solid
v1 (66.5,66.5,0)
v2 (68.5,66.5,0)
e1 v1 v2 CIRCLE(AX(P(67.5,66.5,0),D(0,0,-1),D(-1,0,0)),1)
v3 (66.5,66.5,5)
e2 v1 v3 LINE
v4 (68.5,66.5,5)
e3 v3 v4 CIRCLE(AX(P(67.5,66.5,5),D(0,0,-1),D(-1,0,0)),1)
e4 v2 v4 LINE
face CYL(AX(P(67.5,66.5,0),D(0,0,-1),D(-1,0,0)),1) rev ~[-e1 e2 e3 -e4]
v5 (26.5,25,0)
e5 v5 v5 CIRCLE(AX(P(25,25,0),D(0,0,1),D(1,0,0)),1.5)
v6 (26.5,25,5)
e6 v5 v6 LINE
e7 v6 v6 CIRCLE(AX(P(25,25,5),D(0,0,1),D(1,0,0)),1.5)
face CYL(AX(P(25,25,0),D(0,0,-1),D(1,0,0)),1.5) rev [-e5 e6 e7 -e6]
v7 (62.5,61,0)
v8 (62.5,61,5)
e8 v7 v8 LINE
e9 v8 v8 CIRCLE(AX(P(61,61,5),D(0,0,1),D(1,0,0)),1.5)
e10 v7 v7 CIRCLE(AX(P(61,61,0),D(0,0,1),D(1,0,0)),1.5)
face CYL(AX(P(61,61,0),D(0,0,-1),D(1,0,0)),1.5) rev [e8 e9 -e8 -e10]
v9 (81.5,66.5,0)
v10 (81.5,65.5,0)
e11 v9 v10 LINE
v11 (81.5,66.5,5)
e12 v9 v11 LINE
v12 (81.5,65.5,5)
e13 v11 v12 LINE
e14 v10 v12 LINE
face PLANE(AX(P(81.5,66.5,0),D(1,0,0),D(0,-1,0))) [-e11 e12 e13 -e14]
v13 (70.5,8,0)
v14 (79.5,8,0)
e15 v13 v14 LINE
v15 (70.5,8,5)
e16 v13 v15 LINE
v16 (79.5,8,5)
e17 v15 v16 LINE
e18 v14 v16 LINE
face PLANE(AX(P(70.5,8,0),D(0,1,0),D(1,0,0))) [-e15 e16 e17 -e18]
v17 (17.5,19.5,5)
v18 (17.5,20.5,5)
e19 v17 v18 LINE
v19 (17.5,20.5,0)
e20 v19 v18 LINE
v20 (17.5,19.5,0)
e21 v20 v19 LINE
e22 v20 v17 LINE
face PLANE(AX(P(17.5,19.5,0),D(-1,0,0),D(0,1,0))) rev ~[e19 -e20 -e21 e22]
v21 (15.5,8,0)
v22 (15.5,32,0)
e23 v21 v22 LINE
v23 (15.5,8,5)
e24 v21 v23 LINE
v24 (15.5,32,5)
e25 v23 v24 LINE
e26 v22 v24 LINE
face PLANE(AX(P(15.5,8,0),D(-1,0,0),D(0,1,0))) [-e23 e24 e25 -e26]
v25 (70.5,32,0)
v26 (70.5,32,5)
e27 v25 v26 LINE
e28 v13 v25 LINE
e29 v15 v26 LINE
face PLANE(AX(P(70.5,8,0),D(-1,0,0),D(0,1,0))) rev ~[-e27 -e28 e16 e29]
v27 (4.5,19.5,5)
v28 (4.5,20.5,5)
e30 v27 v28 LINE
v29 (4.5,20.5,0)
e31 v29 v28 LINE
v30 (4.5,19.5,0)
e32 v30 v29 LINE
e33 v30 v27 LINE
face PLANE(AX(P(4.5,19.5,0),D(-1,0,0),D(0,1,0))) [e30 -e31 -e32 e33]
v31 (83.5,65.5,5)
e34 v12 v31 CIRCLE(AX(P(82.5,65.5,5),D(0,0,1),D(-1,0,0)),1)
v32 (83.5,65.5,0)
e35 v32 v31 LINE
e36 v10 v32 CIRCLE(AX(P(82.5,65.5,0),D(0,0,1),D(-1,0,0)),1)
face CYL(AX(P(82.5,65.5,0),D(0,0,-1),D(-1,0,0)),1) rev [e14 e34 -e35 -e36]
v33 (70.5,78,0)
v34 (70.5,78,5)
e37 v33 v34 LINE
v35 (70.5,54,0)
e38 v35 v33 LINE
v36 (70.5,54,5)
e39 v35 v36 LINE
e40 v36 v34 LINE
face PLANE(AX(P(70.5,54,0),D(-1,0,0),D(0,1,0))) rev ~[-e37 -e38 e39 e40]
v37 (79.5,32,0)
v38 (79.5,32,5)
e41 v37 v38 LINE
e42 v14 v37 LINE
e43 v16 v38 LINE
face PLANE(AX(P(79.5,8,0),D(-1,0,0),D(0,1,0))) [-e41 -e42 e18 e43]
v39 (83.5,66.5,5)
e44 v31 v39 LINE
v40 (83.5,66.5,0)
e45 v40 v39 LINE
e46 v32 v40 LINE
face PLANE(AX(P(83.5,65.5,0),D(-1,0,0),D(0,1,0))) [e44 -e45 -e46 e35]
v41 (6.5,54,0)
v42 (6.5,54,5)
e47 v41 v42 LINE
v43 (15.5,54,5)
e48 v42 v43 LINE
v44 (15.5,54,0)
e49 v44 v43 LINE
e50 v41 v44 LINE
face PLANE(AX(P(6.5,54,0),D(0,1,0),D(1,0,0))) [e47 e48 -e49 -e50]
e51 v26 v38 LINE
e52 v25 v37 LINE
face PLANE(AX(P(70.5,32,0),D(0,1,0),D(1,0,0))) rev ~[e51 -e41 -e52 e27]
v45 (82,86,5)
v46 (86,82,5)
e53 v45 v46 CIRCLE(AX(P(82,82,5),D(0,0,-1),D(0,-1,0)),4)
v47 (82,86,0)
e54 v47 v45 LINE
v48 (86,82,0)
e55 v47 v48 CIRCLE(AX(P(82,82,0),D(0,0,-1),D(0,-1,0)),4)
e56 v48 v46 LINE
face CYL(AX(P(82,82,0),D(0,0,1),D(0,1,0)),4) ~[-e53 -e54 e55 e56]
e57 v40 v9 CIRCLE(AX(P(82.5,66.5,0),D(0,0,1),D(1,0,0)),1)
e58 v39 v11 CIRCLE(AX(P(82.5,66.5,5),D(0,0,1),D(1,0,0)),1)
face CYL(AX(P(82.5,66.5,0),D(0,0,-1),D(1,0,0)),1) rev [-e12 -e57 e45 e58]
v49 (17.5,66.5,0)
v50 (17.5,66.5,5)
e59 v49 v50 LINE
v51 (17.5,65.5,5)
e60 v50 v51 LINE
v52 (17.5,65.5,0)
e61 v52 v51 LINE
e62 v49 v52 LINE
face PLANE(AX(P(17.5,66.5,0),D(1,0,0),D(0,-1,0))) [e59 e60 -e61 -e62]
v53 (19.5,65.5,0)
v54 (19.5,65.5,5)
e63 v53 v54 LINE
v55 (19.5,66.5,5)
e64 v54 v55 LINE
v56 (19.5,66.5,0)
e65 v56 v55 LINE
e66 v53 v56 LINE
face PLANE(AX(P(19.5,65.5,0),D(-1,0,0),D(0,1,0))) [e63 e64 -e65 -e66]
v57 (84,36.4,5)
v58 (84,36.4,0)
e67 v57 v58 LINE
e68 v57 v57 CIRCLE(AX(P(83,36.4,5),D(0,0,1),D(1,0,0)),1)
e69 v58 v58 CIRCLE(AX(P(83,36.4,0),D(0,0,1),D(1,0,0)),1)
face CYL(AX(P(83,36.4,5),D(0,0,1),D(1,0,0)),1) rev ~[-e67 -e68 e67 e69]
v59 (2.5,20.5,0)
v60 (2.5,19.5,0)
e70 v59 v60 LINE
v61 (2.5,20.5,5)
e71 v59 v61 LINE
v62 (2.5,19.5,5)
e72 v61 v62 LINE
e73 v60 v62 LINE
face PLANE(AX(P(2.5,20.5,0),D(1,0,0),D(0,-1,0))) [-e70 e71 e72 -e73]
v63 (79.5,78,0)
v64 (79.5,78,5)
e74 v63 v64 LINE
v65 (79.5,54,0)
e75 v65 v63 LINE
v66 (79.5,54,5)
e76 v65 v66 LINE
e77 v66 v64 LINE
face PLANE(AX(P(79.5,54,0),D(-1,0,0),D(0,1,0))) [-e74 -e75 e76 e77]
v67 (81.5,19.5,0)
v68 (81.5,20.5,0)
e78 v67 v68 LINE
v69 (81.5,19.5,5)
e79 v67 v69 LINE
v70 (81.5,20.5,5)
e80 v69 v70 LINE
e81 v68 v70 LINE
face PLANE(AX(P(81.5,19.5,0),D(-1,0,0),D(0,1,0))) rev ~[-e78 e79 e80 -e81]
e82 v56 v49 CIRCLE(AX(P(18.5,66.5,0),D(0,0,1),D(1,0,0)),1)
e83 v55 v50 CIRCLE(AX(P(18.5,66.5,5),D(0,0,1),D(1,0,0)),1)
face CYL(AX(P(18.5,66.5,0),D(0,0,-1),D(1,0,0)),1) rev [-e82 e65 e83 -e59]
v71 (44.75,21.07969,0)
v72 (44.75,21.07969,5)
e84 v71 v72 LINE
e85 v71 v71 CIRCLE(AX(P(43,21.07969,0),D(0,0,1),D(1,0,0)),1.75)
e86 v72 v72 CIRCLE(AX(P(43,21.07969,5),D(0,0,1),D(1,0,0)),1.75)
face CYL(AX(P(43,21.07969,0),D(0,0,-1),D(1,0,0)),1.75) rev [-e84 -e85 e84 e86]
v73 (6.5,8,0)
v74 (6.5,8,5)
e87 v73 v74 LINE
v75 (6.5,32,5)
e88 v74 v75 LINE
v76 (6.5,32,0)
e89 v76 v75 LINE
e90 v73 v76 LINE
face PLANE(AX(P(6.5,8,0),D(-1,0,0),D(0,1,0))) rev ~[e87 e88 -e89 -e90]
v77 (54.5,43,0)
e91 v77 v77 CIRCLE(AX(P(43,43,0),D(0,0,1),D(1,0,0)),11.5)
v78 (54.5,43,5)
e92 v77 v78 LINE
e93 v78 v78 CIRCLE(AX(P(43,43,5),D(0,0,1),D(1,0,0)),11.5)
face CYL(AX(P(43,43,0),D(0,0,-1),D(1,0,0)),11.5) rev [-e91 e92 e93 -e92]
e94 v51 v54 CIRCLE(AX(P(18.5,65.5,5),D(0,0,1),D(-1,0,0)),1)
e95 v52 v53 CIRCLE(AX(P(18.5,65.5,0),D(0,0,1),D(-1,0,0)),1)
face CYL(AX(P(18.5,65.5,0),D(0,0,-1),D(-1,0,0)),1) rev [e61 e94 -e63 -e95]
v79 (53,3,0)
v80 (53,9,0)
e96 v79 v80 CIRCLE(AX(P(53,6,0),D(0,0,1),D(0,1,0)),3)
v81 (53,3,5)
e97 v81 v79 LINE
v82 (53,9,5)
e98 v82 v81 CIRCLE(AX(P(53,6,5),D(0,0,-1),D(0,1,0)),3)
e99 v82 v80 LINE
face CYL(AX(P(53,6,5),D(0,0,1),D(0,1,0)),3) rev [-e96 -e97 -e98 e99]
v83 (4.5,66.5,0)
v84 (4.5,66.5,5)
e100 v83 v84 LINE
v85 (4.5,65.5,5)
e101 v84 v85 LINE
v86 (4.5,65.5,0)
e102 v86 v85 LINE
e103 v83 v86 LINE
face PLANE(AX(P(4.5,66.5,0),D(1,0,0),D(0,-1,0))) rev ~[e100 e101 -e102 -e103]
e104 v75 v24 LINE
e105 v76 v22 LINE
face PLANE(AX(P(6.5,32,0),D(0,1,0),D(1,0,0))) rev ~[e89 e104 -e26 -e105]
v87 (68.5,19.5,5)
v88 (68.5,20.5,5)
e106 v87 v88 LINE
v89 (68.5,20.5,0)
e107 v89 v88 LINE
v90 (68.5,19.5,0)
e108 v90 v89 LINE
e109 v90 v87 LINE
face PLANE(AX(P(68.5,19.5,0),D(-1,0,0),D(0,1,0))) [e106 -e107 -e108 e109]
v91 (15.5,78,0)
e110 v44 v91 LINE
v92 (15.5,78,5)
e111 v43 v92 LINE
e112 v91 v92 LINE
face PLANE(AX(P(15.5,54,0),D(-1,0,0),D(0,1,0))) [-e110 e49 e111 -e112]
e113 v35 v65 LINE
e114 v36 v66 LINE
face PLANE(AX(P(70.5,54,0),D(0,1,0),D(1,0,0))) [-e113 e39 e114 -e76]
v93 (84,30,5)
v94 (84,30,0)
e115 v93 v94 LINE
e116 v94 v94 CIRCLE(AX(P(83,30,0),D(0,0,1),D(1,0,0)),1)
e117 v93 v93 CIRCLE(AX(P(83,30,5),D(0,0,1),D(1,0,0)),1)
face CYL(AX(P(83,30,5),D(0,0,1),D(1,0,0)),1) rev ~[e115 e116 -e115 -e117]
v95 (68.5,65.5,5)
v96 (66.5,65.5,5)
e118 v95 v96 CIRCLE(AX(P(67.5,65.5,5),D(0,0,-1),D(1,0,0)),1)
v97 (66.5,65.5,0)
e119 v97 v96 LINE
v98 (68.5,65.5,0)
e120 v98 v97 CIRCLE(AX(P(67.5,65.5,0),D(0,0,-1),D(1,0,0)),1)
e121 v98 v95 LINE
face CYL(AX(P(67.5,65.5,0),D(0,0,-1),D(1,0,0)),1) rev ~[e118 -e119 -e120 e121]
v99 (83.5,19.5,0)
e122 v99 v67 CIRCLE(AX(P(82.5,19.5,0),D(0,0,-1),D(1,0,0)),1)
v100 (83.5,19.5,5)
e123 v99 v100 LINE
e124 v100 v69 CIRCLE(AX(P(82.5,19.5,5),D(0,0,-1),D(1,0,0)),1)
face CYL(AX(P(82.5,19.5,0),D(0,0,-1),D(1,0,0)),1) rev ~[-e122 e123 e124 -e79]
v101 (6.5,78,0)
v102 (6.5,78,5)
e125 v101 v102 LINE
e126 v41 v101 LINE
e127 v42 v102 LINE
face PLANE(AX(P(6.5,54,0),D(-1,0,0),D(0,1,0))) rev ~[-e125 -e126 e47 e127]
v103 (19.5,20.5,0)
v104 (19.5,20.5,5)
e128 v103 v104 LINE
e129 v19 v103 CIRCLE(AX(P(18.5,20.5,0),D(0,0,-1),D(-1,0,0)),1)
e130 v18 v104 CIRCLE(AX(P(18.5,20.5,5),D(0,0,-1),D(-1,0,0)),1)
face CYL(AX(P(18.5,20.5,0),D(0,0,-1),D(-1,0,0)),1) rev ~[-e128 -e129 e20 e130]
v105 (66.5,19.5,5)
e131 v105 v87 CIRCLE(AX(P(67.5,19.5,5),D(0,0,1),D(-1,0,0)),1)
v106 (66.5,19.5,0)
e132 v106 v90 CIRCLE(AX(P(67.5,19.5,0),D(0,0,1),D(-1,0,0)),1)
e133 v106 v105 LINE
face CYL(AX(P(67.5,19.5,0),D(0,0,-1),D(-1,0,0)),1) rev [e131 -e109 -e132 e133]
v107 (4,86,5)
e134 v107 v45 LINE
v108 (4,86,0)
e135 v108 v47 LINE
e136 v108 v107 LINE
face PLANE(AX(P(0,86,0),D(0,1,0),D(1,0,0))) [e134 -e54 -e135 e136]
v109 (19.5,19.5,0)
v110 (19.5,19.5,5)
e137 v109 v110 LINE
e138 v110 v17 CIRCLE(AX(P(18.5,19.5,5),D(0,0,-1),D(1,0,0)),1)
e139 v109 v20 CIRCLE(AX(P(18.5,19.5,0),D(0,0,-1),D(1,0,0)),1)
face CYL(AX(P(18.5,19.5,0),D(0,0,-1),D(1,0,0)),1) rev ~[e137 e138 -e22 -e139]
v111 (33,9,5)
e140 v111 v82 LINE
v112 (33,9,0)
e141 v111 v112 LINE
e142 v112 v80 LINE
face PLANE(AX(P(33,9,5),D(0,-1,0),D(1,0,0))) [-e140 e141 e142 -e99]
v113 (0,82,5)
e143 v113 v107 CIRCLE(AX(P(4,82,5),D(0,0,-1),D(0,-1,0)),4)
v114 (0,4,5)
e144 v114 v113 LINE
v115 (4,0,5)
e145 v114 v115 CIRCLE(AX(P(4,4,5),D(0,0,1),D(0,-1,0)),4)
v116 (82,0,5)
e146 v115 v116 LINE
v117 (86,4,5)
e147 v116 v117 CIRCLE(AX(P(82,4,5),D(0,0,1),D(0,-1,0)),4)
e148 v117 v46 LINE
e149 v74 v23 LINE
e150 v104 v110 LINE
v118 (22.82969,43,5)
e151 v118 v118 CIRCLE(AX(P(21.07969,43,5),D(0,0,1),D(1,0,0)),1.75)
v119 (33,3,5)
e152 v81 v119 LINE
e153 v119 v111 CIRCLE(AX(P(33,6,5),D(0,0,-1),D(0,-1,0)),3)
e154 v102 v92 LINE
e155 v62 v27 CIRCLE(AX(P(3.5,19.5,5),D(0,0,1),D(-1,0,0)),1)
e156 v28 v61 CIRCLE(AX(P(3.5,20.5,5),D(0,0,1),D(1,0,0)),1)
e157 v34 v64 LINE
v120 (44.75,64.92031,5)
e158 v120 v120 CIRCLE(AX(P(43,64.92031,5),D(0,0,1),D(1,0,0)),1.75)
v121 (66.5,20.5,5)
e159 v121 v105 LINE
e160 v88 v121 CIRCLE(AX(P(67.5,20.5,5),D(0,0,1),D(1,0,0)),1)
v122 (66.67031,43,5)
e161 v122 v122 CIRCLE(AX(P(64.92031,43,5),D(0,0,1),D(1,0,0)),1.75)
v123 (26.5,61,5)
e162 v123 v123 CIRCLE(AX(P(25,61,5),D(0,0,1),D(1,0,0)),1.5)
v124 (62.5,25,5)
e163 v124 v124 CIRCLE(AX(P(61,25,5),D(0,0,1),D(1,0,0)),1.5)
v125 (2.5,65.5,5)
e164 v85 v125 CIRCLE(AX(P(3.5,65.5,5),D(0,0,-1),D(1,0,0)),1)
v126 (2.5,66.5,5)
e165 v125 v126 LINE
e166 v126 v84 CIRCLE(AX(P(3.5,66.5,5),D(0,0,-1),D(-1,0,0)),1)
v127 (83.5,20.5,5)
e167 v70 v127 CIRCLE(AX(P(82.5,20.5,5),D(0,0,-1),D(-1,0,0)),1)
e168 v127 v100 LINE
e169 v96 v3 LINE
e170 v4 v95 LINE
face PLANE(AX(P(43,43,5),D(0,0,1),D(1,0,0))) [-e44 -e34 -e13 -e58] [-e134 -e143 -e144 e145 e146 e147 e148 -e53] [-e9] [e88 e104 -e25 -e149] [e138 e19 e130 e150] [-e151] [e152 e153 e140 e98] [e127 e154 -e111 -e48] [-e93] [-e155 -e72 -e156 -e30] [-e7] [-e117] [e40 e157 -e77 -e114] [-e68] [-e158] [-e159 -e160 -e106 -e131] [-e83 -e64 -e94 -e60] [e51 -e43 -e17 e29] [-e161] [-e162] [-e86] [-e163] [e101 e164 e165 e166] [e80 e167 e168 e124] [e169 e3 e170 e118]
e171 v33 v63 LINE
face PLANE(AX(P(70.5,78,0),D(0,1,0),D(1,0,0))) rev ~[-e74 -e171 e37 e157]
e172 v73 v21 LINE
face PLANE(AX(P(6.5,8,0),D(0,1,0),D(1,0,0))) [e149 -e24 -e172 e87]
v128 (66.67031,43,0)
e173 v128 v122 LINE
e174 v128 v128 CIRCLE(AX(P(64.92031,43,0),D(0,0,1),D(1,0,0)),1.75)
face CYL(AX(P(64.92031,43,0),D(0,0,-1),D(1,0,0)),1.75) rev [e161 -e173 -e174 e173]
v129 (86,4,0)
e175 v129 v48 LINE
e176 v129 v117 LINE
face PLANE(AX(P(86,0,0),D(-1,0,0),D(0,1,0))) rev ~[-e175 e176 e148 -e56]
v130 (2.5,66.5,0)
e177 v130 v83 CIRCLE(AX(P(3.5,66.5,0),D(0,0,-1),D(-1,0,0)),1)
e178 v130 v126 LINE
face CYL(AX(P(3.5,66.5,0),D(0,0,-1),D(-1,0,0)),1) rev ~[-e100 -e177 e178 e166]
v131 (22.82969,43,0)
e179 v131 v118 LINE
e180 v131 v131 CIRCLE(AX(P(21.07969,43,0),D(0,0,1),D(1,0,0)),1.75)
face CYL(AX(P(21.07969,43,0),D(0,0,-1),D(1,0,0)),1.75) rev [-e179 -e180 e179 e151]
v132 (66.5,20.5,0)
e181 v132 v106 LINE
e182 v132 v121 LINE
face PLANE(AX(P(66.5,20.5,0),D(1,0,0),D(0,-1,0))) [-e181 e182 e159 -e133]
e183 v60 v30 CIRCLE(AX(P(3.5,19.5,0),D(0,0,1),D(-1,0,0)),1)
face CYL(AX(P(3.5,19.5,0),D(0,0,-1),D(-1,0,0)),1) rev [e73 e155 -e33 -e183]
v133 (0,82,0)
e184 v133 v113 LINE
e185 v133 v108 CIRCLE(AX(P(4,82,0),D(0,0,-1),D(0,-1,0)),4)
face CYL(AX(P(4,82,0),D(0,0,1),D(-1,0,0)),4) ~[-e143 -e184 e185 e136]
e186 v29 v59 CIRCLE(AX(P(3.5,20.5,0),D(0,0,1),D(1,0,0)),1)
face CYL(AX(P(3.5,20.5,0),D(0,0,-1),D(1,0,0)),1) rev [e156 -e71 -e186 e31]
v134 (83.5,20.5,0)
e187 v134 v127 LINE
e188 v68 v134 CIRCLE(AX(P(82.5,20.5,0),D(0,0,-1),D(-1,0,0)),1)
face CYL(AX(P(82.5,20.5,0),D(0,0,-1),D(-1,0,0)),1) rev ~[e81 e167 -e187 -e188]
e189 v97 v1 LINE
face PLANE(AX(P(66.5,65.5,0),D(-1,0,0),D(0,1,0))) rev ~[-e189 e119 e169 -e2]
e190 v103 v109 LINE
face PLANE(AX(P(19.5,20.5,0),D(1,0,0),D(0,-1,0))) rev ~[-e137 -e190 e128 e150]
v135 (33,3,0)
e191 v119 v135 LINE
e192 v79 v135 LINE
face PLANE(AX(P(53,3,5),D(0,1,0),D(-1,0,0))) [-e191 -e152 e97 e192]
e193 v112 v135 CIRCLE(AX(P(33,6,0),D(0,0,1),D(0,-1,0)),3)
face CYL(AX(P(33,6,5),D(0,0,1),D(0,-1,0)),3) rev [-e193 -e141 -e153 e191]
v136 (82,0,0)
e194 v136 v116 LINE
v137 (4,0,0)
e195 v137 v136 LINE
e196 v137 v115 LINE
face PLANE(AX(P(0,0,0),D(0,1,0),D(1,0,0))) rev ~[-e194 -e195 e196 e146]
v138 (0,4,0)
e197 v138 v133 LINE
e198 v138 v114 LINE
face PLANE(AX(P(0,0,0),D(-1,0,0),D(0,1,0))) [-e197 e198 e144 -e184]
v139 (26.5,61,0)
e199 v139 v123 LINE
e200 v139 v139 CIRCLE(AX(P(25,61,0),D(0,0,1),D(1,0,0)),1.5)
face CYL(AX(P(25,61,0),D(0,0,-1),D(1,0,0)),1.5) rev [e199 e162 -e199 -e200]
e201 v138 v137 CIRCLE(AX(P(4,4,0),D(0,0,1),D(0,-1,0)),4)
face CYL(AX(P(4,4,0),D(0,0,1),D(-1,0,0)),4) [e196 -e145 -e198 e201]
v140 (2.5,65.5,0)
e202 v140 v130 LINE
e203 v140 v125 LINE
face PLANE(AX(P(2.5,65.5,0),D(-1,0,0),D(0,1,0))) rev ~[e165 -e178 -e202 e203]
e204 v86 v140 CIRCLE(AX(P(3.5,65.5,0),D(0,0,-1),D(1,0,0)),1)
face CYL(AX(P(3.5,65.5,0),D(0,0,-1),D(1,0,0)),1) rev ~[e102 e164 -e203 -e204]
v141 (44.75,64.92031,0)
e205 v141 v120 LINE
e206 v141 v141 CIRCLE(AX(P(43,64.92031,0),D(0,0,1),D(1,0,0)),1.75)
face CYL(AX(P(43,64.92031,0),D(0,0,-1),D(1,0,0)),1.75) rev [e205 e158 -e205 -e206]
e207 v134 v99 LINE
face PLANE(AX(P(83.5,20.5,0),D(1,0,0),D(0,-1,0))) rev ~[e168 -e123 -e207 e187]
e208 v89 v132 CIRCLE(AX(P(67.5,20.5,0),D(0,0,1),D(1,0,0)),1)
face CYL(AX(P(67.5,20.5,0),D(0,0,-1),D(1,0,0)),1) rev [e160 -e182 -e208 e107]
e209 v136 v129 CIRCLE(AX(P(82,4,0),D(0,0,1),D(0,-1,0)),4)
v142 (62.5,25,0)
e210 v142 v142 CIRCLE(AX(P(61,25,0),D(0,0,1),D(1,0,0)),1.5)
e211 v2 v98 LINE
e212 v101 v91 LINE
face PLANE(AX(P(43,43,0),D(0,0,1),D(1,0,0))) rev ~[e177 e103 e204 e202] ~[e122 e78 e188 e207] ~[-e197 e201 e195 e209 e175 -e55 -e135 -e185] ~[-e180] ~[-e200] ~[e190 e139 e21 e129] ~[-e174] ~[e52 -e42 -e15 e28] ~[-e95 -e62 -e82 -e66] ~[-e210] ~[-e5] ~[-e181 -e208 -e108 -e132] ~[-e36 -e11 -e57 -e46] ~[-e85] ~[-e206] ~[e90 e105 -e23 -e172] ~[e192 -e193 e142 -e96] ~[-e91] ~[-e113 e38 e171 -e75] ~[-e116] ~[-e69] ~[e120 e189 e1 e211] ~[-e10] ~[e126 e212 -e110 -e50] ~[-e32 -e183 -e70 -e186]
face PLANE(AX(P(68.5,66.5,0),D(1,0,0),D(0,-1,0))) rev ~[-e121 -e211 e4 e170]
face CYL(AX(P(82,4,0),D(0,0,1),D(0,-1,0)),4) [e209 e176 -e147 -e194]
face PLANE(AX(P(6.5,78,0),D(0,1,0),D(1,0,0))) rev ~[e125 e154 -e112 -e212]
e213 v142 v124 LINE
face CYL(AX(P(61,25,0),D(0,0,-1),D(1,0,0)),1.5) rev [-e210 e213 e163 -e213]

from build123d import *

# Parameters (mm, degrees)
SKETCH1_W           = 86
SKETCH1_H           = 86
SKETCH1_R           = 1.5
SKETCH1_R_2         = 11.5
SKETCH1_R_3         = 1.75
SKETCH1_W_2         = 9
SKETCH1_H_2         = 24
BOSS_EXTRUDE1_DEPTH = 5
FILLET1_R           = 4
SKETCH2_R           = 1
CUT_EXTRUDE1_DEPTH  = 122.725100123


with BuildPart() as part:
    # Sketch1 → Boss-Extrude1 (new body)
    with BuildSketch(Plane.XY):
        with Locations((43, 43)):
            Rectangle(SKETCH1_W, SKETCH1_H)
        with Locations((25, 61)):
            Circle(SKETCH1_R, mode=Mode.SUBTRACT)
        with Locations((61, 61)):
            Circle(SKETCH1_R, mode=Mode.SUBTRACT)
        with Locations((25, 25)):
            Circle(SKETCH1_R, mode=Mode.SUBTRACT)
        with Locations((61, 25)):
            Circle(SKETCH1_R, mode=Mode.SUBTRACT)
        with Locations((43, 43)):
            Circle(SKETCH1_R_2, mode=Mode.SUBTRACT)
        with Locations((43, 64.920310217)):
            Circle(SKETCH1_R_3, mode=Mode.SUBTRACT)
        with Locations((64.920310217, 43)):
            Circle(SKETCH1_R_3, mode=Mode.SUBTRACT)
        with Locations((43, 21.079689783)):
            Circle(SKETCH1_R_3, mode=Mode.SUBTRACT)
        with Locations((21.079689783, 43)):
            Circle(SKETCH1_R_3, mode=Mode.SUBTRACT)
        with Locations((75, 66)):
            Rectangle(SKETCH1_W_2, SKETCH1_H_2, mode=Mode.SUBTRACT)
        with BuildLine():
            Line((68.5, 66.5), (68.5, 65.5))
            ThreePointArc((68.5, 65.5), (67.5, 64.5), (66.5, 65.5))
            Line((66.5, 65.5), (66.5, 66.5))
            ThreePointArc((66.5, 66.5), (67.5, 67.5), (68.5, 66.5))
        make_face(mode=Mode.SUBTRACT)
        with BuildLine():
            Line((81.5, 66.5), (81.5, 65.5))
            ThreePointArc((81.5, 65.5), (82.5, 64.5), (83.5, 65.5))
            Line((83.5, 65.5), (83.5, 66.5))
            ThreePointArc((83.5, 66.5), (82.5, 67.5), (81.5, 66.5))
        make_face(mode=Mode.SUBTRACT)
        with BuildLine():
            Line((68.5, 19.5), (68.5, 20.5))
            ThreePointArc((68.5, 20.5), (67.5, 21.5), (66.5, 20.5))
            Line((66.5, 20.5), (66.5, 19.5))
            ThreePointArc((66.5, 19.5), (67.5, 18.5), (68.5, 19.5))
        make_face(mode=Mode.SUBTRACT)
        with BuildLine():
            Line((81.5, 19.5), (81.5, 20.5))
            ThreePointArc((81.5, 20.5), (82.5, 21.5), (83.5, 20.5))
            Line((83.5, 20.5), (83.5, 19.5))
            ThreePointArc((83.5, 19.5), (82.5, 18.5), (81.5, 19.5))
        make_face(mode=Mode.SUBTRACT)
        with Locations((75, 20)):
            Rectangle(SKETCH1_W_2, SKETCH1_H_2, mode=Mode.SUBTRACT)
        with BuildLine():
            Line((17.5, 66.5), (17.5, 65.5))
            ThreePointArc((17.5, 65.5), (18.5, 64.5), (19.5, 65.5))
            Line((19.5, 65.5), (19.5, 66.5))
            ThreePointArc((19.5, 66.5), (18.5, 67.5), (17.5, 66.5))
        make_face(mode=Mode.SUBTRACT)
        with BuildLine():
            Line((4.5, 66.5), (4.5, 65.5))
            ThreePointArc((4.5, 65.5), (3.5, 64.5), (2.5, 65.5))
            Line((2.5, 65.5), (2.5, 66.5))
            ThreePointArc((2.5, 66.5), (3.5, 67.5), (4.5, 66.5))
        make_face(mode=Mode.SUBTRACT)
        with BuildLine():
            Line((17.5, 19.5), (17.5, 20.5))
            ThreePointArc((17.5, 20.5), (18.5, 21.5), (19.5, 20.5))
            Line((19.5, 20.5), (19.5, 19.5))
            ThreePointArc((19.5, 19.5), (18.5, 18.5), (17.5, 19.5))
        make_face(mode=Mode.SUBTRACT)
        with BuildLine():
            Line((4.5, 19.5), (4.5, 20.5))
            ThreePointArc((4.5, 20.5), (3.5, 21.5), (2.5, 20.5))
            Line((2.5, 20.5), (2.5, 19.5))
            ThreePointArc((2.5, 19.5), (3.5, 18.5), (4.5, 19.5))
        make_face(mode=Mode.SUBTRACT)
        with Locations((11, 20)):
            Rectangle(SKETCH1_W_2, SKETCH1_H_2, mode=Mode.SUBTRACT)
        with Locations((11, 66)):
            Rectangle(SKETCH1_W_2, SKETCH1_H_2, mode=Mode.SUBTRACT)
    extrude(amount=BOSS_EXTRUDE1_DEPTH)

    # Fillet1
    fillet1_edges = [part.edges().sort_by_distance(p)[0] for p in [
        (0, 86, 2.5),
        (86, 86, 2.5),
        (86, 0, 2.5),
        (0, 0, 2.5),
    ]]
    fillet(fillet1_edges, radius=FILLET1_R)

    # Sketch2 → Cut-Extrude1 (cut, through all)
    with BuildSketch(Plane.XY.offset(5)):
        with Locations((83, 36.4)):
            Circle(SKETCH2_R)
        with Locations((83, 30)):
            Circle(SKETCH2_R)
        with BuildLine():
            Line((33, 9), (53, 9))
            ThreePointArc((53, 9), (56, 6), (53, 3))
            Line((53, 3), (33, 3))
            ThreePointArc((33, 3), (30, 6), (33, 9))
        make_face()
    extrude(amount=-CUT_EXTRUDE1_DEPTH, mode=Mode.SUBTRACT)


solid = part.part
